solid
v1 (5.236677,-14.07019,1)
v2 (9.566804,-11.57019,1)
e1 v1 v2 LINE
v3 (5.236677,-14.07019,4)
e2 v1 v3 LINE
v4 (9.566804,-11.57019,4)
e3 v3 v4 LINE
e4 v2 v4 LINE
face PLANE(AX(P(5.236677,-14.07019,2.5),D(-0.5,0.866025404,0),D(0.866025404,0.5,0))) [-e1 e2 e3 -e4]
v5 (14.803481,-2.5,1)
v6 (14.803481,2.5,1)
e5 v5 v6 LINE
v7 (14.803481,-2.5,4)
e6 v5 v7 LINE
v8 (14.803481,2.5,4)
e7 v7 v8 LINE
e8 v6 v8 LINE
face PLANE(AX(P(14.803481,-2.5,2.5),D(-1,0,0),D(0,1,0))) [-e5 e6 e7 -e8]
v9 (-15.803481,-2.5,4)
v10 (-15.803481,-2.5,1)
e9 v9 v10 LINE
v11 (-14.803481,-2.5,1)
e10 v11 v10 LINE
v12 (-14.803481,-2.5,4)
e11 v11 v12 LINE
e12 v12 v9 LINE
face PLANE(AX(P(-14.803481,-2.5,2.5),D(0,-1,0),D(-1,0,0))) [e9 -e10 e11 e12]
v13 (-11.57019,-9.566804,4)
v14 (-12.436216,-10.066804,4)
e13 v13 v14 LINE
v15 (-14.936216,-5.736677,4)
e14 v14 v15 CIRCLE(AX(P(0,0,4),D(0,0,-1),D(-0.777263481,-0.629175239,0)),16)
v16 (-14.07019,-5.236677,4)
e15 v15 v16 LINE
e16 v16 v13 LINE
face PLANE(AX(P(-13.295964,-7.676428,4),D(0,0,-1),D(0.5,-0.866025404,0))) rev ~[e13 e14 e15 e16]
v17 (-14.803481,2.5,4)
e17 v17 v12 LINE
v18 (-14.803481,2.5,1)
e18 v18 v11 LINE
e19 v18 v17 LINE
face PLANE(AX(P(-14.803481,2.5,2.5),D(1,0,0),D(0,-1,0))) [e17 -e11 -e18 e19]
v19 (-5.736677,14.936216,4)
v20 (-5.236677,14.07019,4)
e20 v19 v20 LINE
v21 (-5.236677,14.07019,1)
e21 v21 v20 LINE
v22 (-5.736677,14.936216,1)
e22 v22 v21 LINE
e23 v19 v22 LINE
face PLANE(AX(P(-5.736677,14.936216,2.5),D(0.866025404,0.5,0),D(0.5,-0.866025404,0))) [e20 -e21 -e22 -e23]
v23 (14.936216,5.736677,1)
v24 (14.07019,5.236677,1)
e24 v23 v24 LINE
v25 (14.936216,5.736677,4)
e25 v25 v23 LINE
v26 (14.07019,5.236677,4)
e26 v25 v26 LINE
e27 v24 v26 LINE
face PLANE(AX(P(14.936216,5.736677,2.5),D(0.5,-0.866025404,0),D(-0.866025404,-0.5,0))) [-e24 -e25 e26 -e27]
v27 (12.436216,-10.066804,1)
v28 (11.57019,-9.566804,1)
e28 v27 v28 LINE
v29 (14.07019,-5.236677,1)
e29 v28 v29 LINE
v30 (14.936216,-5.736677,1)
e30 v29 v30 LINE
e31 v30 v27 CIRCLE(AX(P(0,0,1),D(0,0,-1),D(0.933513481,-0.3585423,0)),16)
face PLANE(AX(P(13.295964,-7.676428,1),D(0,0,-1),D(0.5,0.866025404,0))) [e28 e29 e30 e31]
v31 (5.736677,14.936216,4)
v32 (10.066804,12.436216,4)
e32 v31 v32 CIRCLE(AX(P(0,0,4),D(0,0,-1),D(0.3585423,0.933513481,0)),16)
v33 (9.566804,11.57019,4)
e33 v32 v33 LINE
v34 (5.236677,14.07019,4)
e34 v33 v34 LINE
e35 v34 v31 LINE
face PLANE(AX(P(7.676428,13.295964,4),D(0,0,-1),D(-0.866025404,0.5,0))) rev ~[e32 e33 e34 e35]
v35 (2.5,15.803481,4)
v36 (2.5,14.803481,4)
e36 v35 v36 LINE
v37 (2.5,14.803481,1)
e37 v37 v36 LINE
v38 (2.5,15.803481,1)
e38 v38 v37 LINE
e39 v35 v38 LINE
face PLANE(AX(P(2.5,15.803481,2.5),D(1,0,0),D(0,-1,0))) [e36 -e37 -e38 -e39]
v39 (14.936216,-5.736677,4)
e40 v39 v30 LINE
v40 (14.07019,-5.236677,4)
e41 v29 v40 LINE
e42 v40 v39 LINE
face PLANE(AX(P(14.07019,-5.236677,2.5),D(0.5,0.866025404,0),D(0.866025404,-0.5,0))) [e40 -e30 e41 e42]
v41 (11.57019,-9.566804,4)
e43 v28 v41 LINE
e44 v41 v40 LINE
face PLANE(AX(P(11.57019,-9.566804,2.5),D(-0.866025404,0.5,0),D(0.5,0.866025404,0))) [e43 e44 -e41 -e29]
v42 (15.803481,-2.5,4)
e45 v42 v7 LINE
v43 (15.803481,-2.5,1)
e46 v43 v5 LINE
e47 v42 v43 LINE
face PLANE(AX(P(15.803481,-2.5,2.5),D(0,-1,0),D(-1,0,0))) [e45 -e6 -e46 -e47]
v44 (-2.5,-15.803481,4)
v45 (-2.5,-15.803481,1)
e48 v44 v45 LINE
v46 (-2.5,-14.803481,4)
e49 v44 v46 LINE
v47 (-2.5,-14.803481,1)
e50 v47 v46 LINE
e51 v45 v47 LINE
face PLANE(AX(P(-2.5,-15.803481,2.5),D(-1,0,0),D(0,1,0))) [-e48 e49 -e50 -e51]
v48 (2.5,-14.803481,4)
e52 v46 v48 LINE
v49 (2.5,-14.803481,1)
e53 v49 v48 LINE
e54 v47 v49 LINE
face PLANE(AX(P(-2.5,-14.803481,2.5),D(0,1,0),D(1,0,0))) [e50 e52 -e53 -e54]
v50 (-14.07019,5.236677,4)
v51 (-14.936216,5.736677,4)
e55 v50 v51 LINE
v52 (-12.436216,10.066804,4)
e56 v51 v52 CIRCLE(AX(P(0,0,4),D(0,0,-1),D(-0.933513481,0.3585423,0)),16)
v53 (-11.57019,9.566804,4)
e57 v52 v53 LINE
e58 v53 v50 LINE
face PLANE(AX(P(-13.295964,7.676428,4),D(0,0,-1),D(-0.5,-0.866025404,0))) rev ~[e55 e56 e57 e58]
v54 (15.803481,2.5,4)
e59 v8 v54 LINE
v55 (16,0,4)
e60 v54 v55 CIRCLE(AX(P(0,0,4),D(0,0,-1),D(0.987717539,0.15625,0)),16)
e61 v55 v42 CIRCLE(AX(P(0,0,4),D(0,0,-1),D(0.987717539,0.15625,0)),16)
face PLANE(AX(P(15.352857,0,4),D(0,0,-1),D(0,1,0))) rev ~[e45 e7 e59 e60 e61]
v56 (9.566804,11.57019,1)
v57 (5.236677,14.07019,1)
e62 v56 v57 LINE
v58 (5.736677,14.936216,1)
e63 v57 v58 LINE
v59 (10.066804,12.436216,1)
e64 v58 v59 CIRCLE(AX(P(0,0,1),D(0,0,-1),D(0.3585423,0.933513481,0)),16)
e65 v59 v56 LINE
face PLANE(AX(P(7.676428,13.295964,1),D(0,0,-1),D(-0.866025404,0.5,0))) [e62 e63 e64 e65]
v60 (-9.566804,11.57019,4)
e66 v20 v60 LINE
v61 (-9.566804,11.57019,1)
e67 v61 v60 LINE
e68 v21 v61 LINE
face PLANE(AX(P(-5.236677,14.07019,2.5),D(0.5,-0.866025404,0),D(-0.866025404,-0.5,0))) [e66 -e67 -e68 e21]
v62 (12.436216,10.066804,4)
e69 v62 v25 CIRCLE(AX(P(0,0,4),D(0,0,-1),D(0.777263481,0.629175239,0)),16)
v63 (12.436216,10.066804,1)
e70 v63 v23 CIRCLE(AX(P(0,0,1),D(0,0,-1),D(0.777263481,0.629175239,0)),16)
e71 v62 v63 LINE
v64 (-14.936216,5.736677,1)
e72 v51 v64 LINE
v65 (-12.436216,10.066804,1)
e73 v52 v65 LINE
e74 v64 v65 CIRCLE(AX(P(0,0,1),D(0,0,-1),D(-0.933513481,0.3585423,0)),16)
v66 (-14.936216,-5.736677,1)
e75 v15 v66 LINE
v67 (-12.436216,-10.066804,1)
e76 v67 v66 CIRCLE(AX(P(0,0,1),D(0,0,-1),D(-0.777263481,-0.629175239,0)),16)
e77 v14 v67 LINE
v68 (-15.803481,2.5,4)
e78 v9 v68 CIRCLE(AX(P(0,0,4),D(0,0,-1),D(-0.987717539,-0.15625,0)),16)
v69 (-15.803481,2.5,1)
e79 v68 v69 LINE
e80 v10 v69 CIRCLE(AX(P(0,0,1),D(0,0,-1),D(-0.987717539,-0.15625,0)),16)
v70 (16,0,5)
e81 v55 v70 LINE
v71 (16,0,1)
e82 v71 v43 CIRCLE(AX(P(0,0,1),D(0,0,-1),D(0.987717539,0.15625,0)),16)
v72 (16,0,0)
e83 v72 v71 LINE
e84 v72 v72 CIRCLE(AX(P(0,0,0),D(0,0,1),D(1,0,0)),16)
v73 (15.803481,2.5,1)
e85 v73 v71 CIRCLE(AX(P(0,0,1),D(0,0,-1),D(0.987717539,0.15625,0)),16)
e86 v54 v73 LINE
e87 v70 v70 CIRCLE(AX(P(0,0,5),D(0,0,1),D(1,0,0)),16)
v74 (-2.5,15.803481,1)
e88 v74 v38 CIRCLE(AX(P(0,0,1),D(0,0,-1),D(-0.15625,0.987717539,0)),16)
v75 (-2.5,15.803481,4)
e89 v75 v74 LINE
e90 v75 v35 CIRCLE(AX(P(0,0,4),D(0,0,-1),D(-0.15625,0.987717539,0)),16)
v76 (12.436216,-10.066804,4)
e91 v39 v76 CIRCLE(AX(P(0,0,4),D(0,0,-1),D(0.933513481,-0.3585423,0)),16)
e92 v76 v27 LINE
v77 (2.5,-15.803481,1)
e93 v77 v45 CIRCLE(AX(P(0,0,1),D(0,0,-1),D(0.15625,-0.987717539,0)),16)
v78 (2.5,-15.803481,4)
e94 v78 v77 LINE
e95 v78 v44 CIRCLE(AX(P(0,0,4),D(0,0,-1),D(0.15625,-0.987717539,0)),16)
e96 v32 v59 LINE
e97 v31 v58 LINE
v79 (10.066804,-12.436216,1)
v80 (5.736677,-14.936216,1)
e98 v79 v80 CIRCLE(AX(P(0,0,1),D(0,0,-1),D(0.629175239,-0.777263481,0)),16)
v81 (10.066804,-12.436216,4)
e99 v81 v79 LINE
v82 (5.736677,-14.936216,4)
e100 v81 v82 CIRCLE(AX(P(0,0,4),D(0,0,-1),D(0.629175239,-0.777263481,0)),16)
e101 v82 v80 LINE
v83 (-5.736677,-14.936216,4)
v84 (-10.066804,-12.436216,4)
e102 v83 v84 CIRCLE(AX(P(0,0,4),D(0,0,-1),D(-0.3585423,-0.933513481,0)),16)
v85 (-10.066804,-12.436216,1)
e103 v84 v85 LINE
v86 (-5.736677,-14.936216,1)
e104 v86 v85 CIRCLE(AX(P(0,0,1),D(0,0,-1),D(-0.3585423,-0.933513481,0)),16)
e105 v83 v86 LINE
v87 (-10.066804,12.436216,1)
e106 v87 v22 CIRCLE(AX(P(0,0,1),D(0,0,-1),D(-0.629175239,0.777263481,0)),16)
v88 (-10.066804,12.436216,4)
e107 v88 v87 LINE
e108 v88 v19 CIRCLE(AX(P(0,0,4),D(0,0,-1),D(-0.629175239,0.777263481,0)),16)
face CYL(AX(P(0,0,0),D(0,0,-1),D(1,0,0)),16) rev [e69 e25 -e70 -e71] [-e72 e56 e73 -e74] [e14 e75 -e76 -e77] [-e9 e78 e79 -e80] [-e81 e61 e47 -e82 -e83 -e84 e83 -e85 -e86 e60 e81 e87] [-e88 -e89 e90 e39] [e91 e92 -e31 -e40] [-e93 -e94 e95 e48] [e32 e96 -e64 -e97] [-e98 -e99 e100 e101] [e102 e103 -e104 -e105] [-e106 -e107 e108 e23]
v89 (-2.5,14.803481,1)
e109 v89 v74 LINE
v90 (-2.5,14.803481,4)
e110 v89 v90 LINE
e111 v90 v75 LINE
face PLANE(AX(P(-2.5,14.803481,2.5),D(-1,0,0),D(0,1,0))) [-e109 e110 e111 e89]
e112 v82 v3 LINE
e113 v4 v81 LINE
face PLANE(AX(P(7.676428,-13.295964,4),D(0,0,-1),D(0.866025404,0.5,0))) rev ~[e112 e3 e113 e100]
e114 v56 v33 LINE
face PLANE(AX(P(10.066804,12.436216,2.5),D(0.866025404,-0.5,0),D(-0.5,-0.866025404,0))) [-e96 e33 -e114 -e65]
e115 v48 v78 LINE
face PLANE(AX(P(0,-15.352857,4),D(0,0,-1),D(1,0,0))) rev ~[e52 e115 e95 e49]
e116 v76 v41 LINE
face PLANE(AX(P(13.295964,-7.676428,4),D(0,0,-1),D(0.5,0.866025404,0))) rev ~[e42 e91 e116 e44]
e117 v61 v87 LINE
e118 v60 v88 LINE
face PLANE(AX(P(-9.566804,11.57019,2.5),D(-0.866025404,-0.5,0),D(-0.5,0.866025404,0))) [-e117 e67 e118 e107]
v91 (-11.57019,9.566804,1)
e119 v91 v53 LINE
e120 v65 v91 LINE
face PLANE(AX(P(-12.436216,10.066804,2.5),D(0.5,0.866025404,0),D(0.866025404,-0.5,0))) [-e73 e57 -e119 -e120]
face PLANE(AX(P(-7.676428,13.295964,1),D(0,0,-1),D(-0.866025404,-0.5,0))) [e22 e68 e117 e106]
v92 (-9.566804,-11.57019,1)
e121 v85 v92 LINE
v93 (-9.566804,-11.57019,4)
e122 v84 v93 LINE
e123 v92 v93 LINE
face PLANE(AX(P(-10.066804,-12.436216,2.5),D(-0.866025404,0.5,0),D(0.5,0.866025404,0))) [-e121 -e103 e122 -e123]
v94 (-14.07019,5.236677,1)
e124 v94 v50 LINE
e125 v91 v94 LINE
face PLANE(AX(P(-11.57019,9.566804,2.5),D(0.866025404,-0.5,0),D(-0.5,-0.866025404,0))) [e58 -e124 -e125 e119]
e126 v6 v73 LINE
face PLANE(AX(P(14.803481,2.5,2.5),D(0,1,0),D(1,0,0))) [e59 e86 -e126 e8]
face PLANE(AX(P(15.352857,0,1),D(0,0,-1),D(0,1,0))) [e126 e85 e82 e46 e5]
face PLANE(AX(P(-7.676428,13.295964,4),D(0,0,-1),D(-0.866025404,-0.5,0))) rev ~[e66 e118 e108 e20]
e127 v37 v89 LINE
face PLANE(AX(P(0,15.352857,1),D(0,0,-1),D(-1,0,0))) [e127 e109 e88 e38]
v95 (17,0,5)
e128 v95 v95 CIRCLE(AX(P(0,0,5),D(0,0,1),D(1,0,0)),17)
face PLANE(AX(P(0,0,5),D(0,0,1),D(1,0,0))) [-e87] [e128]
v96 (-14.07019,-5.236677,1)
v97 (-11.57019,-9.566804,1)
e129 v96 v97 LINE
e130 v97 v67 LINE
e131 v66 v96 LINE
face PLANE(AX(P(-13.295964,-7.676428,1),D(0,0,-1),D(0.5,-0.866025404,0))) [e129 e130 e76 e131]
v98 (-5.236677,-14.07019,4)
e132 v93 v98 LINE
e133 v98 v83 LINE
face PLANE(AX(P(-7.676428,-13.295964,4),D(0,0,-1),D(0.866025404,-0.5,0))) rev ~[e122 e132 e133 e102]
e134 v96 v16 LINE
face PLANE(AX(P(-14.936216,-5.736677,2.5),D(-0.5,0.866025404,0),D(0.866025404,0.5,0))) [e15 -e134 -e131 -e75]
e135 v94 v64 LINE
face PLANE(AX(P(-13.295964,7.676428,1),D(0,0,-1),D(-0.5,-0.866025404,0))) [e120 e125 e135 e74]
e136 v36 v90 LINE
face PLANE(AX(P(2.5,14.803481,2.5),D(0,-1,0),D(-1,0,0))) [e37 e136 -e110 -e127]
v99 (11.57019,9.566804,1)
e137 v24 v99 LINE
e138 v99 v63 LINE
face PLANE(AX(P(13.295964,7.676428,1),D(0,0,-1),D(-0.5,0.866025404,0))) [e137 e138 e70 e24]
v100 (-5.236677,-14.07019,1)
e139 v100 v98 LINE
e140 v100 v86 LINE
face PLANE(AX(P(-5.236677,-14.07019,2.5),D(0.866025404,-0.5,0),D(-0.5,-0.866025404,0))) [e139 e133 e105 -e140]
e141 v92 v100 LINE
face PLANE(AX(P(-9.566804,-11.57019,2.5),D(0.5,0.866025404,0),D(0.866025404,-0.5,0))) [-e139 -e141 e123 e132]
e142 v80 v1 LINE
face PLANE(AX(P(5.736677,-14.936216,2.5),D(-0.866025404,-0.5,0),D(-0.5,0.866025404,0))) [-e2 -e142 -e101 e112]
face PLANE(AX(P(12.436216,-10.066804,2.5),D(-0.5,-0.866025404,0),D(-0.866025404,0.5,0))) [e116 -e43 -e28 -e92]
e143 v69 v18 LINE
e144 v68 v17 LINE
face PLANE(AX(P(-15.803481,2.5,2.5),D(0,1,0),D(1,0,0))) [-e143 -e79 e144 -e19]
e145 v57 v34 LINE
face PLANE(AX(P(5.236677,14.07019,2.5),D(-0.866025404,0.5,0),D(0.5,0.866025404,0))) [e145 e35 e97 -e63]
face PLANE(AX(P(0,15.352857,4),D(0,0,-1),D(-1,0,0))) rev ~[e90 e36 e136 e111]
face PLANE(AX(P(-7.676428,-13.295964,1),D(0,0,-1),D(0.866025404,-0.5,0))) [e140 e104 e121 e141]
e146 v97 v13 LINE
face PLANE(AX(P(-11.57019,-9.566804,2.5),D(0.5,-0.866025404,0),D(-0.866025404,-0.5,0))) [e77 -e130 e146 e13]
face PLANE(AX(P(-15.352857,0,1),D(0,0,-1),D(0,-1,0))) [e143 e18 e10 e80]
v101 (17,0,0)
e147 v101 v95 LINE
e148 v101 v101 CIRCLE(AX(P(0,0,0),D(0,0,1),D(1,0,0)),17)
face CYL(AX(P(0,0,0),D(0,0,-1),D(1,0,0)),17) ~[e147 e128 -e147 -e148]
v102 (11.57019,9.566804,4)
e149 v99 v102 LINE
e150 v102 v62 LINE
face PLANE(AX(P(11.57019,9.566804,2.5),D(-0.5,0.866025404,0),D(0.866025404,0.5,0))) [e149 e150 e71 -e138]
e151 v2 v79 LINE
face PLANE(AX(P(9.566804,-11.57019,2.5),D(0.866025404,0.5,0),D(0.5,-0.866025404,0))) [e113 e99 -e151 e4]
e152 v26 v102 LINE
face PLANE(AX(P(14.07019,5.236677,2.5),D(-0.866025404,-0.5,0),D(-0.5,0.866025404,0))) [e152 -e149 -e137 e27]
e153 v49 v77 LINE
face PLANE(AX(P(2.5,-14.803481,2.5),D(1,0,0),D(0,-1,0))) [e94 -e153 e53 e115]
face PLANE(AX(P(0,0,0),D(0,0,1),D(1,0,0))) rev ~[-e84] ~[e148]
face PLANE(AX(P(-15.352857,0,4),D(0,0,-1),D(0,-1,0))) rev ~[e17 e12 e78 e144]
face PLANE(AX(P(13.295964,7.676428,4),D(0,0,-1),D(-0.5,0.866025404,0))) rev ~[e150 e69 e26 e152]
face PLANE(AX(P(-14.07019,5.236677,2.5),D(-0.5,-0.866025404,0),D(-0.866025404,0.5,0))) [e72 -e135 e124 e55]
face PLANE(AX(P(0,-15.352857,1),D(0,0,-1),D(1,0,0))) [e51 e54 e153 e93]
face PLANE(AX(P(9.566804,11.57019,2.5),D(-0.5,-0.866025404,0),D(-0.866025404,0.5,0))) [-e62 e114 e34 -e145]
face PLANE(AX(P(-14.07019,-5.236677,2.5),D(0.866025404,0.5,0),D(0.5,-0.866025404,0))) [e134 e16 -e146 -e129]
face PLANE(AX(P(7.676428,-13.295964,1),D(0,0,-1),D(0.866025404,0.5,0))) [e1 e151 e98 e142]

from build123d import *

# Parameters (mm, degrees)
SKETCH15_R          = 17
SKETCH15_R_2        = 16
BOSS_EXTRUDE1_DEPTH = 5
BOSS_EXTRUDE2_DEPTH = 1.5
CIRPATTERN1_COUNT   = 12


with BuildPart() as part:
    # Sketch15 → Boss-Extrude1 (new body)
    with BuildSketch(Plane.XY):
        Circle(SKETCH15_R)
        Circle(SKETCH15_R_2, mode=Mode.SUBTRACT)
    extrude(amount=BOSS_EXTRUDE1_DEPTH)

    # Sketch16 → Boss-Extrude2 (add, symmetric)
    with BuildSketch(Plane(origin=(0, 0, 2.5), x_dir=(-1, 0, 0), z_dir=(0, 0, -1))):
        with BuildLine():
            Line((2.5, 14.803480629), (2.5, 15.803480629))
            ThreePointArc((2.5, 15.803480629), (0, 16), (-2.5, 15.803480629))
            Line((-2.5, 15.803480629), (-2.5, 14.803480629))
            Line((-2.5, 14.803480629), (2.5, 14.803480629))
        make_face()
    boss_extrude2 = extrude(amount=BOSS_EXTRUDE2_DEPTH, both=True)

    # CirPattern1: Boss-Extrude2 ×12 about axis
    cirpattern1_axis = Axis((0, 0, 0), (0, 0, 1))
    for i in range(1, CIRPATTERN1_COUNT):
        add(boss_extrude2.rotate(cirpattern1_axis, i * 360 / CIRPATTERN1_COUNT))


solid = part.part
